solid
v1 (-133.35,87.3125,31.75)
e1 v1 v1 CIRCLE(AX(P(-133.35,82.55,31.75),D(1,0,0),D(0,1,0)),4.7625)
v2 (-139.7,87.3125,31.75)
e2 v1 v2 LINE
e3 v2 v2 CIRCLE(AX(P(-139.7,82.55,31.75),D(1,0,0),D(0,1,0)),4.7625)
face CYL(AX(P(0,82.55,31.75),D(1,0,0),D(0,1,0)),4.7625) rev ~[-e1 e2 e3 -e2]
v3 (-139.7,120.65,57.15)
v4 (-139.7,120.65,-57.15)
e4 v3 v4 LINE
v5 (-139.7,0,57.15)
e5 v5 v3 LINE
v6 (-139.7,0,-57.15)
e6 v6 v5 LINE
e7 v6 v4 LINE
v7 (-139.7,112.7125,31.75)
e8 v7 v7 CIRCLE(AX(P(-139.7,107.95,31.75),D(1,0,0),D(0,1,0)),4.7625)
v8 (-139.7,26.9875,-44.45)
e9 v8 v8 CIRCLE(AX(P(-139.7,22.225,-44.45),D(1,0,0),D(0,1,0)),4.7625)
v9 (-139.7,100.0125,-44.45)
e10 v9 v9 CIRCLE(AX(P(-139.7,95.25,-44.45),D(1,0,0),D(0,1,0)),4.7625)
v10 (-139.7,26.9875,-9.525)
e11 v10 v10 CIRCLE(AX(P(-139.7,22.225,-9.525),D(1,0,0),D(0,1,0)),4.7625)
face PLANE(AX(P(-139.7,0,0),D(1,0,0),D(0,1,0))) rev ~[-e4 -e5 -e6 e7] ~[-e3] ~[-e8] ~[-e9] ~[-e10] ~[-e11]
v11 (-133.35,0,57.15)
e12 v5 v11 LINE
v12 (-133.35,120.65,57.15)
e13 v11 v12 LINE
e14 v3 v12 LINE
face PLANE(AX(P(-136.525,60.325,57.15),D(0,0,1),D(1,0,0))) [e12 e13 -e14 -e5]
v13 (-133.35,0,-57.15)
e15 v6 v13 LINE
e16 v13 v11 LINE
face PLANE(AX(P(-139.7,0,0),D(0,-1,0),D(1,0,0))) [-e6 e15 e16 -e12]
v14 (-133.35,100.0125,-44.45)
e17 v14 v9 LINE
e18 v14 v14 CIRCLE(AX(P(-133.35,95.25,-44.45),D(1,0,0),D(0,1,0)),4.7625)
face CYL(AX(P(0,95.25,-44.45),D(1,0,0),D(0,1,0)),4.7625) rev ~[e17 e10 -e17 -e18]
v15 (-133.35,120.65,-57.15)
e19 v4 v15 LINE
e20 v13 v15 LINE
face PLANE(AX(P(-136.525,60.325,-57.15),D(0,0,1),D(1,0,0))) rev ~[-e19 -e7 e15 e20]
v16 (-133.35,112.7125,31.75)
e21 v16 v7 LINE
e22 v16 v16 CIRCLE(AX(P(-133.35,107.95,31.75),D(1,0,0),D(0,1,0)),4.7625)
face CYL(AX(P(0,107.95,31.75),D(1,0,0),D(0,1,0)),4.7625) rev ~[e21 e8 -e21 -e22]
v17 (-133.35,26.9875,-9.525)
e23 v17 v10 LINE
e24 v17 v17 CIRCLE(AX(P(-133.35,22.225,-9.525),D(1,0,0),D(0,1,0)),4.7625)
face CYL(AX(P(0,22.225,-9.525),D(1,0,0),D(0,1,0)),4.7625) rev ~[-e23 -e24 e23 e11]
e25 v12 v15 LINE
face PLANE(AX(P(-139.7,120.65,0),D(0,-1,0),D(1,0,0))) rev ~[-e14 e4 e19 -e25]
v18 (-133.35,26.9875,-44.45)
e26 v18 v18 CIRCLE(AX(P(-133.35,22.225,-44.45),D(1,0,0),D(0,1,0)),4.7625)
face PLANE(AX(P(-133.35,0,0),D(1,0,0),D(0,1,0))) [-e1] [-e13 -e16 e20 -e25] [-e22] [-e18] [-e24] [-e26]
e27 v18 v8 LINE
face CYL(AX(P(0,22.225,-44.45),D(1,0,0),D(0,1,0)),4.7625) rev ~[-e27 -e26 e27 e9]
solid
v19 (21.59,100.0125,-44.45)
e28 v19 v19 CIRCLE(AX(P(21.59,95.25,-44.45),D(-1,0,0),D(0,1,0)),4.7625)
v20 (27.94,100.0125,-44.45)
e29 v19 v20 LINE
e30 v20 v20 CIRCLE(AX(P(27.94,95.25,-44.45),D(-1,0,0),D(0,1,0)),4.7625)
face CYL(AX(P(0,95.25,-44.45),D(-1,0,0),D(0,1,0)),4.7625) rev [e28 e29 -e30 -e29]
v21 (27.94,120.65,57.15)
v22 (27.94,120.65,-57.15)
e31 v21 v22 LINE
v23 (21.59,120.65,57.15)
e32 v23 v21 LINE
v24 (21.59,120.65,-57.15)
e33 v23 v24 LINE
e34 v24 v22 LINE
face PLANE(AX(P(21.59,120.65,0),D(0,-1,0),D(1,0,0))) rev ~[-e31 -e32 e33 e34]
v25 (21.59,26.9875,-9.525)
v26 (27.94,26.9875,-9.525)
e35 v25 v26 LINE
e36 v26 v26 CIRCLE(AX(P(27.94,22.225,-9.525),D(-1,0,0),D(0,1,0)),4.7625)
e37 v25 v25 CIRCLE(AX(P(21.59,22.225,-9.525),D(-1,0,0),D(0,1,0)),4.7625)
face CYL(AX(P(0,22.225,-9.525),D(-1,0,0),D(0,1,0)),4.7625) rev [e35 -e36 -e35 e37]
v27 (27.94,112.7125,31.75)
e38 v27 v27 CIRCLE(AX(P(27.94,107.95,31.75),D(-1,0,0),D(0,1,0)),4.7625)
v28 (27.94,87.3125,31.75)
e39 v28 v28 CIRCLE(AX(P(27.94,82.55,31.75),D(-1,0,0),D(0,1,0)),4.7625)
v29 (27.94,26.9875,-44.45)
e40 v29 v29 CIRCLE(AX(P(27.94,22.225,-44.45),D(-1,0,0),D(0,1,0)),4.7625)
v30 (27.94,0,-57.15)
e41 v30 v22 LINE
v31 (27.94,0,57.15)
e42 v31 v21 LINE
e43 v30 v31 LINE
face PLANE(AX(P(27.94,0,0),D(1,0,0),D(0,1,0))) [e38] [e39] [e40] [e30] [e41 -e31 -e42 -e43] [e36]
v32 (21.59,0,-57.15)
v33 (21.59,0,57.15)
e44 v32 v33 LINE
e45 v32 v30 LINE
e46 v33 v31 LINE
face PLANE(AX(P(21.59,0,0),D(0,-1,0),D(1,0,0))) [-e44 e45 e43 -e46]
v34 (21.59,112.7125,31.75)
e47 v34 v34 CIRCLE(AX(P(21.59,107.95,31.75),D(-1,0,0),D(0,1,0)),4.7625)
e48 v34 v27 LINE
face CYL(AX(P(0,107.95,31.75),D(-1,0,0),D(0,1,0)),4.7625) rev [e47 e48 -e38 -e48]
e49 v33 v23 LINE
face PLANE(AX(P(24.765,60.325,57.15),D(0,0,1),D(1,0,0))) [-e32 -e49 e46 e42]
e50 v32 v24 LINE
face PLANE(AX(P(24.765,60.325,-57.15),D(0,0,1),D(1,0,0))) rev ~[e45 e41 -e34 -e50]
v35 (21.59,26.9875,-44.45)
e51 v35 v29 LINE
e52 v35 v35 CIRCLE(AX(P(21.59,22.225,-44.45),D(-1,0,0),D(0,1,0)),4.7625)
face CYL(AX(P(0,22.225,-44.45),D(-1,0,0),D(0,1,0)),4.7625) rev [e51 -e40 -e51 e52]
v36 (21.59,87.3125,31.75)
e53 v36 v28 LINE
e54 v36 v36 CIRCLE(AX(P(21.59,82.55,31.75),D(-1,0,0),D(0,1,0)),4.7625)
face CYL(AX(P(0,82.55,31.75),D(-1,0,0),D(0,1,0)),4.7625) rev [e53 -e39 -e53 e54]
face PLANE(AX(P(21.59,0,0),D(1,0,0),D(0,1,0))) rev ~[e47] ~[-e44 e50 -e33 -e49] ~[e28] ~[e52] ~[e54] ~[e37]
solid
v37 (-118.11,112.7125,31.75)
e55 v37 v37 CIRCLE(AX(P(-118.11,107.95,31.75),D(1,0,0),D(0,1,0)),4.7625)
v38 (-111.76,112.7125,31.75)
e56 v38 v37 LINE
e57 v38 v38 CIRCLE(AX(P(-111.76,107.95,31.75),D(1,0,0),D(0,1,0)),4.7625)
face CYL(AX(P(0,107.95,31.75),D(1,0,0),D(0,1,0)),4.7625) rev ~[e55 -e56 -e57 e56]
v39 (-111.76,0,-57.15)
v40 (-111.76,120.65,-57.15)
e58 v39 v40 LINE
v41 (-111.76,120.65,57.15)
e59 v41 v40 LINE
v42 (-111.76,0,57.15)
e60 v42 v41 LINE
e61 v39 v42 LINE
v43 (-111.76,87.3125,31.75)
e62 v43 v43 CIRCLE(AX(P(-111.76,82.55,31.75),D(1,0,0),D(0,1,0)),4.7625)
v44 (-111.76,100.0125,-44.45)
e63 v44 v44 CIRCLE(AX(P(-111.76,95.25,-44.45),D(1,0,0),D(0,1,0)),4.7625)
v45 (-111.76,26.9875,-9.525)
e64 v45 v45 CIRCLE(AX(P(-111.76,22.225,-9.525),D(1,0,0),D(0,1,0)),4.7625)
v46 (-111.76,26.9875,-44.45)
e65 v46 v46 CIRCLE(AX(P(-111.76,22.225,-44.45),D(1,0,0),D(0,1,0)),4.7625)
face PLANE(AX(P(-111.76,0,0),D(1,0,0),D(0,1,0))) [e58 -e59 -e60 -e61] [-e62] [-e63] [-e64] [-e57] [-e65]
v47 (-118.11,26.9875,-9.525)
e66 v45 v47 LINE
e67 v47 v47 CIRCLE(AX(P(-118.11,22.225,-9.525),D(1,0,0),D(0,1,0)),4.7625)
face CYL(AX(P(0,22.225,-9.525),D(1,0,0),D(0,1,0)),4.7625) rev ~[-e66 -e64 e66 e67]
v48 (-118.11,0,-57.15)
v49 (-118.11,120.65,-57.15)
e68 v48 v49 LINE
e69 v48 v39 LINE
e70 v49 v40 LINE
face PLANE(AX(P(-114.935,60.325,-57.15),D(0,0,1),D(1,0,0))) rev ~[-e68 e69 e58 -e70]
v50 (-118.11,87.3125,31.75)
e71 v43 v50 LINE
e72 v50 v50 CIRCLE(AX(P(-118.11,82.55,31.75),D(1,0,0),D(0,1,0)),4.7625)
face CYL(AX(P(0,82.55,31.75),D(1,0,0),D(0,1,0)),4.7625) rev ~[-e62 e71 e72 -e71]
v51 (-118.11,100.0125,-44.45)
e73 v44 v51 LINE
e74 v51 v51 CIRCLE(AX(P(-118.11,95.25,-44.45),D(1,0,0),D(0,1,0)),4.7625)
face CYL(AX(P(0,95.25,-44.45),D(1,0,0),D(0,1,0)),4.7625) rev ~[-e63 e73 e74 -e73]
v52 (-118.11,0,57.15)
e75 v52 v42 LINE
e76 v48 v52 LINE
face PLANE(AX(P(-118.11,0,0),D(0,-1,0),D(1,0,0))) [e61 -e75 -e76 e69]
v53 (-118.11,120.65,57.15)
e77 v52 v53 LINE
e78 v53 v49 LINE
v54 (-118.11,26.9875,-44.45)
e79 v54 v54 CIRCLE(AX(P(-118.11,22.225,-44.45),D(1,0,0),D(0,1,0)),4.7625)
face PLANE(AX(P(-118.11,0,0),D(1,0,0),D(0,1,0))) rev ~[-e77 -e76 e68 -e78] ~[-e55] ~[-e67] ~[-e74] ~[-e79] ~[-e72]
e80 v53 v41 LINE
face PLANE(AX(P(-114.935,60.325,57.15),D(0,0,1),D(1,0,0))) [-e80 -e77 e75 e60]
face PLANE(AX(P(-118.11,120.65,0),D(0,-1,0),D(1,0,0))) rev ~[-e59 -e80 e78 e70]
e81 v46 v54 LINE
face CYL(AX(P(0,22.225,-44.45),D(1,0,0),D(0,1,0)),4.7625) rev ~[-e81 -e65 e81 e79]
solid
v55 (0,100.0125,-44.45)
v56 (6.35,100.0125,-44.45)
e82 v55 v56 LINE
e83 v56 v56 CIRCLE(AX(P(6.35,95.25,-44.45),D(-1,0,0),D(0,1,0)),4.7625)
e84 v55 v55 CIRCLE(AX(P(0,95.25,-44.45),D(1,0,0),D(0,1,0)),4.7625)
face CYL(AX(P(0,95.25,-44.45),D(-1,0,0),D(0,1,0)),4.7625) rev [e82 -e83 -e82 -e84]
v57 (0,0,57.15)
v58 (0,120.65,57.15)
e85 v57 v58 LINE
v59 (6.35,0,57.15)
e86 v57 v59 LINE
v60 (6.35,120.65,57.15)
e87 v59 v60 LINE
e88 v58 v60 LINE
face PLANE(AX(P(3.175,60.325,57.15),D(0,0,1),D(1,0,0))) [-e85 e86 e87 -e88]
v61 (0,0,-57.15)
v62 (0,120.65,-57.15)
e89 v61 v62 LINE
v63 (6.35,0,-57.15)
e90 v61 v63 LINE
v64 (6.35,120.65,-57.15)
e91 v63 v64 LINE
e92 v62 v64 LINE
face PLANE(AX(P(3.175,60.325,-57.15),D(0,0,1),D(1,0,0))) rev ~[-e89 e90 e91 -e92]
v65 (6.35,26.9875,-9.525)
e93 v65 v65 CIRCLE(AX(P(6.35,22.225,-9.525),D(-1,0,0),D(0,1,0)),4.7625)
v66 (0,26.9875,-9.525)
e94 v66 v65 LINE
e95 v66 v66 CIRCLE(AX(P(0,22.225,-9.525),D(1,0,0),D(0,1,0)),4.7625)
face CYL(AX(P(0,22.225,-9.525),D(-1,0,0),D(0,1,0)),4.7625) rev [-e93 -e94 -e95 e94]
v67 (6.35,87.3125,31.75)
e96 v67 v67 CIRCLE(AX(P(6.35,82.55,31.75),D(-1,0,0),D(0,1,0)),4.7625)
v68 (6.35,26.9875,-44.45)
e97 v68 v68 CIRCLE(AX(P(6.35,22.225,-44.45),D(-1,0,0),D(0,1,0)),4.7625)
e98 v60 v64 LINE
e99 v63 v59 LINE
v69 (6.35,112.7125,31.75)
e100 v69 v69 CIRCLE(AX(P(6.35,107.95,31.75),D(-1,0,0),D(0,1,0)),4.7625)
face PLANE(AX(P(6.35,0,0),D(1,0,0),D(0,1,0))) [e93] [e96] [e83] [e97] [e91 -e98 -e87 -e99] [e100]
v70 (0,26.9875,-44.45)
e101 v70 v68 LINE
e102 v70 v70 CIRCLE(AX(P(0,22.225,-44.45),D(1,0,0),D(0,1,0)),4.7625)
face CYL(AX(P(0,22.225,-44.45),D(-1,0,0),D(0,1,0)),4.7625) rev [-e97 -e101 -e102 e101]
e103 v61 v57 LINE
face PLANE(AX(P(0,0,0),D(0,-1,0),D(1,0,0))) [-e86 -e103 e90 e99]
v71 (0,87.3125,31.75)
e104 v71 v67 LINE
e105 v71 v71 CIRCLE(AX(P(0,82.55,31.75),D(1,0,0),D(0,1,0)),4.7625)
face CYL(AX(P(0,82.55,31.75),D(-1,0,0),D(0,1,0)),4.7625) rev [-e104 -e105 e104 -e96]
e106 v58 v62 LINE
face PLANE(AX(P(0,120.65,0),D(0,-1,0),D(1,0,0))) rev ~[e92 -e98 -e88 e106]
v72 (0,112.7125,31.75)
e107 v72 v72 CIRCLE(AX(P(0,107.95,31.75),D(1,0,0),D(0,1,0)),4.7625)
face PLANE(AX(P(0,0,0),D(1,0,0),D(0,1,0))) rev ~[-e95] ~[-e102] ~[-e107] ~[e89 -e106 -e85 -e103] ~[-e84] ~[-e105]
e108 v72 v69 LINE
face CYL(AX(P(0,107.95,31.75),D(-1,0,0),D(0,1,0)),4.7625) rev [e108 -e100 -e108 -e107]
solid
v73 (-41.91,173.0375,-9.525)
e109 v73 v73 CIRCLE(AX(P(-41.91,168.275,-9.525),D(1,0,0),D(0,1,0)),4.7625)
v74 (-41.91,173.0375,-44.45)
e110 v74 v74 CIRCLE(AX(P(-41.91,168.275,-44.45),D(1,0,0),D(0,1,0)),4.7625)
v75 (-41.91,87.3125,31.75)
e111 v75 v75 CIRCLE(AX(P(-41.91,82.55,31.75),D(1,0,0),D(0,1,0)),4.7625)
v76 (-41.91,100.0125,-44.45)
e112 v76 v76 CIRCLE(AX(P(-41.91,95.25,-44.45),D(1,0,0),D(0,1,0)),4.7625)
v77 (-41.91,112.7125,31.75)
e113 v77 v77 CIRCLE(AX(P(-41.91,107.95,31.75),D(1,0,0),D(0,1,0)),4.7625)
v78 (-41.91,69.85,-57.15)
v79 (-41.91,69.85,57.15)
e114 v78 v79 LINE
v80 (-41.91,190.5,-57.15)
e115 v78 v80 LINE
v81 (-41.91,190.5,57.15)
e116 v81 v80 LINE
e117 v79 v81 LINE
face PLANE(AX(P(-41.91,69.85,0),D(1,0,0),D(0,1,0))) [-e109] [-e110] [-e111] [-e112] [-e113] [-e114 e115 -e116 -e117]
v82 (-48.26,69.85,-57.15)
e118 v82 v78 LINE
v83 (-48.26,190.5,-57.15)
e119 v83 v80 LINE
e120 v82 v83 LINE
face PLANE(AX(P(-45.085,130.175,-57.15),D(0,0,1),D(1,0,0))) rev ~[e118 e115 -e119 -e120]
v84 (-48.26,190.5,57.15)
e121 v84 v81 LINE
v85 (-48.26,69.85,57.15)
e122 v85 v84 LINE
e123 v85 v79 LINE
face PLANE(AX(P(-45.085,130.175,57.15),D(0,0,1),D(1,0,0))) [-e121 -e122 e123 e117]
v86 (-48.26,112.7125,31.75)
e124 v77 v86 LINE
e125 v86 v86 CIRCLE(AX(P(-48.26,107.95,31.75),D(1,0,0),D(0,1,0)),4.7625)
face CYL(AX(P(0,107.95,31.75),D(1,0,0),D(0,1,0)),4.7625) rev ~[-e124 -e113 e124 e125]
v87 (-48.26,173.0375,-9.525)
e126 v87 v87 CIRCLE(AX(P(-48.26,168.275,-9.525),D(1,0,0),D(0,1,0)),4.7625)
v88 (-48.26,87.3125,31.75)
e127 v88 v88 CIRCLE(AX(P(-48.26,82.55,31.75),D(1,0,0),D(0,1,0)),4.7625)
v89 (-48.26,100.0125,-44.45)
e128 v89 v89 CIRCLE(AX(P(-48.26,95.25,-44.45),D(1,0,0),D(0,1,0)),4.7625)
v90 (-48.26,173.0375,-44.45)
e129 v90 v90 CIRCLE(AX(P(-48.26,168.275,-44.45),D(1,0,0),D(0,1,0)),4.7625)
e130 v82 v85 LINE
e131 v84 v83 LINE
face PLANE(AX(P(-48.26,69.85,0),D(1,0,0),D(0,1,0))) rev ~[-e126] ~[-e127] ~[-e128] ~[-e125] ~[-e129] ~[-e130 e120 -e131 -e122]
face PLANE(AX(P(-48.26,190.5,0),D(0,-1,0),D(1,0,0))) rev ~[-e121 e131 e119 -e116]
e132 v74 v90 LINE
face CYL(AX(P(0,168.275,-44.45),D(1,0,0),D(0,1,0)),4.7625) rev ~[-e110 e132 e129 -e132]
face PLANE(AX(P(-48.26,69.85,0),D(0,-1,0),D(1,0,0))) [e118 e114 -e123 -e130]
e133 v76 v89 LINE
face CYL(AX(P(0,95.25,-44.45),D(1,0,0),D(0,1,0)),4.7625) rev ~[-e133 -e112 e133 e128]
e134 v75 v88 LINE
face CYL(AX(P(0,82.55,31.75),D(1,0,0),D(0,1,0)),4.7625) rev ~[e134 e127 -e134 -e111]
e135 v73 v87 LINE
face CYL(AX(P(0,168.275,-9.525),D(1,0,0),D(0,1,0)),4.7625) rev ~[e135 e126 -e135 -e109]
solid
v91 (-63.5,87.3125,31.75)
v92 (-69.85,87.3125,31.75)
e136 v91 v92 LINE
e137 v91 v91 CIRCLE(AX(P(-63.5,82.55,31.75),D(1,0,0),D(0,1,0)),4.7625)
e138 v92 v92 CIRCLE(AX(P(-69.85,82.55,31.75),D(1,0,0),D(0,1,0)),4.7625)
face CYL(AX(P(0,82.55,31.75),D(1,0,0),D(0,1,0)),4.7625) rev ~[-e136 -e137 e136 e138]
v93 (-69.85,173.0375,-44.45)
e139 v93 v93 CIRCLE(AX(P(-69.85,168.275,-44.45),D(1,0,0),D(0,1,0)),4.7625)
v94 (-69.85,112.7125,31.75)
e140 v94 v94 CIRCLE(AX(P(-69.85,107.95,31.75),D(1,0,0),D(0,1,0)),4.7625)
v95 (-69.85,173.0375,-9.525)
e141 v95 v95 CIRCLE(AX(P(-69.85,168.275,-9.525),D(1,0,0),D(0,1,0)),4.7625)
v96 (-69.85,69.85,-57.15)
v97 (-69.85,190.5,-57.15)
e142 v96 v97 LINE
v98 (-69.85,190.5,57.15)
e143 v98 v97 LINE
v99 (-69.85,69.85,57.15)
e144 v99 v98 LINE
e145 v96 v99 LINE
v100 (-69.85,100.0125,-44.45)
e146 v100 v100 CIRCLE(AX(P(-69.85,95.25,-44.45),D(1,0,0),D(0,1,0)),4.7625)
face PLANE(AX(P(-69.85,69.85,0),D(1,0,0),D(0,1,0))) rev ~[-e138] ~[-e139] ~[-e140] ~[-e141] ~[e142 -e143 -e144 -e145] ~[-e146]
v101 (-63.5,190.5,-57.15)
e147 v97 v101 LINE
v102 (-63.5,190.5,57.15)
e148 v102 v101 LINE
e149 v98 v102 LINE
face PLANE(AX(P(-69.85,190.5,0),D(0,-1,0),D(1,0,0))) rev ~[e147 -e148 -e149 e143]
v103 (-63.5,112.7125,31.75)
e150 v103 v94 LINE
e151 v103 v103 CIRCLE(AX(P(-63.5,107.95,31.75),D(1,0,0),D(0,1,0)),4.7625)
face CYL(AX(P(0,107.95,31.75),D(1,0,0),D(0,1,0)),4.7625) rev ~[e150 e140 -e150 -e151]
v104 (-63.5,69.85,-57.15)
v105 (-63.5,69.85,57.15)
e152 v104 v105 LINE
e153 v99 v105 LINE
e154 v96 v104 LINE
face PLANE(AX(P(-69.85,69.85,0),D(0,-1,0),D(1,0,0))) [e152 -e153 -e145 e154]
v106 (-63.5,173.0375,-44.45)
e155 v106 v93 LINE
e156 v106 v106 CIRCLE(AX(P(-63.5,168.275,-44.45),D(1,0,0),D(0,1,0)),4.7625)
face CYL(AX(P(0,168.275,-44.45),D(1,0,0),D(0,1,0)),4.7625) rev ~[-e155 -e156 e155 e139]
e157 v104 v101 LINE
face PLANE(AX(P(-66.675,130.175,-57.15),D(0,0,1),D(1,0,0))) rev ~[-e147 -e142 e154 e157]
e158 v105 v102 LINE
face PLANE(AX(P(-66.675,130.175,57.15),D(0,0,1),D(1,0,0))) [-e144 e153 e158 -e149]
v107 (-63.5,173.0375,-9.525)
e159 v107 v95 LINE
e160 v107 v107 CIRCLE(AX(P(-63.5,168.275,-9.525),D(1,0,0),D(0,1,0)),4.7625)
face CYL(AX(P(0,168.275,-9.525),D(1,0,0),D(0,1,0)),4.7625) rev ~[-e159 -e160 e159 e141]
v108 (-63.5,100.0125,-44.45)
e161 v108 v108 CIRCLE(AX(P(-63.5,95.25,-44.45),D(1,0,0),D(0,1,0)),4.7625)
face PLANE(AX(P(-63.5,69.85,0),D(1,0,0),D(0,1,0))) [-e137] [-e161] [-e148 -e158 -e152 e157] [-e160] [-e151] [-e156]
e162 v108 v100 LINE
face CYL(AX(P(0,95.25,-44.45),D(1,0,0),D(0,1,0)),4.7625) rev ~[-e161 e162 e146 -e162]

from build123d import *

# Parameters (mm, degrees)
F0_W          = 6.35
F0_H          = 120.65
F1_DEPTH      = 57.15
F2_R          = 4.7625
F3_DEPTH      = 139.701
F3_DEPTH_BACK = 27.941


with BuildPart() as f1:
    # F0 (on Top) → F1 (new body, symmetric)
    with BuildSketch(Plane.XY):
        with Locations((3.175, 60.325)):
            Rectangle(F0_W, F0_H)
    extrude(amount=F1_DEPTH, both=True)


with BuildPart() as f1b:
    # F0 (on Top) → F1, piece 2 (new body, symmetric)
    with BuildSketch(Plane.XY):
        with Locations((24.765, 60.325)):
            Rectangle(F0_W, F0_H)
    extrude(amount=F1_DEPTH, both=True)


with BuildPart() as f1c:
    # F0 (on Top) → F1, piece 3 (new body, symmetric)
    with BuildSketch(Plane.XY):
        with Locations((-66.675, 130.175)):
            Rectangle(F0_W, F0_H)
    extrude(amount=F1_DEPTH, both=True)


with BuildPart() as f1d:
    # F0 (on Top) → F1, piece 4 (new body, symmetric)
    with BuildSketch(Plane.XY):
        with Locations((-45.085, 130.175)):
            Rectangle(F0_W, F0_H)
    extrude(amount=F1_DEPTH, both=True)


with BuildPart() as f1e:
    # F0 (on Top) → F1, piece 5 (new body, symmetric)
    with BuildSketch(Plane.XY):
        with Locations((-136.525, 60.325)):
            Rectangle(F0_W, F0_H)
    extrude(amount=F1_DEPTH, both=True)


with BuildPart() as f1f:
    # F0 (on Top) → F1, piece 6 (new body, symmetric)
    with BuildSketch(Plane.XY):
        with Locations((-114.935, 60.325)):
            Rectangle(F0_W, F0_H)
    extrude(amount=F1_DEPTH, both=True)


with BuildPart() as f3_tool:
    # F2 (on Right) → F3 (new body, two sides)
    with BuildSketch(Plane.YZ) as f3_sk:
        with Locations((82.55, 31.75)):
            Circle(F2_R)
        with Locations((168.275, -44.45)):
            Circle(F2_R)
        with Locations((168.275, -9.525)):
            Circle(F2_R)
        with Locations((22.225, -44.45)):
            Circle(F2_R)
        with Locations((22.225, -9.525)):
            Circle(F2_R)
        with Locations((107.95, 31.75)):
            Circle(F2_R)
        with Locations((95.25, -44.45)):
            Circle(F2_R)
    extrude(amount=-F3_DEPTH)
    extrude(f3_sk.sketch, amount=F3_DEPTH_BACK)


with BuildPart() as f1_1:
    add(f1.part)

    # F3: cut by f3_tool
    add(f3_tool.part, mode=Mode.SUBTRACT)


with BuildPart() as f1b_1:
    add(f1b.part)

    # F3: cut by f3_tool
    add(f3_tool.part, mode=Mode.SUBTRACT)


with BuildPart() as f1c_1:
    add(f1c.part)

    # F3: cut by f3_tool
    add(f3_tool.part, mode=Mode.SUBTRACT)


with BuildPart() as f1d_1:
    add(f1d.part)

    # F3: cut by f3_tool
    add(f3_tool.part, mode=Mode.SUBTRACT)


with BuildPart() as f1e_1:
    add(f1e.part)

    # F3: cut by f3_tool
    add(f3_tool.part, mode=Mode.SUBTRACT)


with BuildPart() as f1f_1:
    add(f1f.part)

    # F3: cut by f3_tool
    add(f3_tool.part, mode=Mode.SUBTRACT)


solid = Compound([f1_1.part, f1b_1.part, f1c_1.part, f1d_1.part, f1e_1.part, f1f_1.part])
